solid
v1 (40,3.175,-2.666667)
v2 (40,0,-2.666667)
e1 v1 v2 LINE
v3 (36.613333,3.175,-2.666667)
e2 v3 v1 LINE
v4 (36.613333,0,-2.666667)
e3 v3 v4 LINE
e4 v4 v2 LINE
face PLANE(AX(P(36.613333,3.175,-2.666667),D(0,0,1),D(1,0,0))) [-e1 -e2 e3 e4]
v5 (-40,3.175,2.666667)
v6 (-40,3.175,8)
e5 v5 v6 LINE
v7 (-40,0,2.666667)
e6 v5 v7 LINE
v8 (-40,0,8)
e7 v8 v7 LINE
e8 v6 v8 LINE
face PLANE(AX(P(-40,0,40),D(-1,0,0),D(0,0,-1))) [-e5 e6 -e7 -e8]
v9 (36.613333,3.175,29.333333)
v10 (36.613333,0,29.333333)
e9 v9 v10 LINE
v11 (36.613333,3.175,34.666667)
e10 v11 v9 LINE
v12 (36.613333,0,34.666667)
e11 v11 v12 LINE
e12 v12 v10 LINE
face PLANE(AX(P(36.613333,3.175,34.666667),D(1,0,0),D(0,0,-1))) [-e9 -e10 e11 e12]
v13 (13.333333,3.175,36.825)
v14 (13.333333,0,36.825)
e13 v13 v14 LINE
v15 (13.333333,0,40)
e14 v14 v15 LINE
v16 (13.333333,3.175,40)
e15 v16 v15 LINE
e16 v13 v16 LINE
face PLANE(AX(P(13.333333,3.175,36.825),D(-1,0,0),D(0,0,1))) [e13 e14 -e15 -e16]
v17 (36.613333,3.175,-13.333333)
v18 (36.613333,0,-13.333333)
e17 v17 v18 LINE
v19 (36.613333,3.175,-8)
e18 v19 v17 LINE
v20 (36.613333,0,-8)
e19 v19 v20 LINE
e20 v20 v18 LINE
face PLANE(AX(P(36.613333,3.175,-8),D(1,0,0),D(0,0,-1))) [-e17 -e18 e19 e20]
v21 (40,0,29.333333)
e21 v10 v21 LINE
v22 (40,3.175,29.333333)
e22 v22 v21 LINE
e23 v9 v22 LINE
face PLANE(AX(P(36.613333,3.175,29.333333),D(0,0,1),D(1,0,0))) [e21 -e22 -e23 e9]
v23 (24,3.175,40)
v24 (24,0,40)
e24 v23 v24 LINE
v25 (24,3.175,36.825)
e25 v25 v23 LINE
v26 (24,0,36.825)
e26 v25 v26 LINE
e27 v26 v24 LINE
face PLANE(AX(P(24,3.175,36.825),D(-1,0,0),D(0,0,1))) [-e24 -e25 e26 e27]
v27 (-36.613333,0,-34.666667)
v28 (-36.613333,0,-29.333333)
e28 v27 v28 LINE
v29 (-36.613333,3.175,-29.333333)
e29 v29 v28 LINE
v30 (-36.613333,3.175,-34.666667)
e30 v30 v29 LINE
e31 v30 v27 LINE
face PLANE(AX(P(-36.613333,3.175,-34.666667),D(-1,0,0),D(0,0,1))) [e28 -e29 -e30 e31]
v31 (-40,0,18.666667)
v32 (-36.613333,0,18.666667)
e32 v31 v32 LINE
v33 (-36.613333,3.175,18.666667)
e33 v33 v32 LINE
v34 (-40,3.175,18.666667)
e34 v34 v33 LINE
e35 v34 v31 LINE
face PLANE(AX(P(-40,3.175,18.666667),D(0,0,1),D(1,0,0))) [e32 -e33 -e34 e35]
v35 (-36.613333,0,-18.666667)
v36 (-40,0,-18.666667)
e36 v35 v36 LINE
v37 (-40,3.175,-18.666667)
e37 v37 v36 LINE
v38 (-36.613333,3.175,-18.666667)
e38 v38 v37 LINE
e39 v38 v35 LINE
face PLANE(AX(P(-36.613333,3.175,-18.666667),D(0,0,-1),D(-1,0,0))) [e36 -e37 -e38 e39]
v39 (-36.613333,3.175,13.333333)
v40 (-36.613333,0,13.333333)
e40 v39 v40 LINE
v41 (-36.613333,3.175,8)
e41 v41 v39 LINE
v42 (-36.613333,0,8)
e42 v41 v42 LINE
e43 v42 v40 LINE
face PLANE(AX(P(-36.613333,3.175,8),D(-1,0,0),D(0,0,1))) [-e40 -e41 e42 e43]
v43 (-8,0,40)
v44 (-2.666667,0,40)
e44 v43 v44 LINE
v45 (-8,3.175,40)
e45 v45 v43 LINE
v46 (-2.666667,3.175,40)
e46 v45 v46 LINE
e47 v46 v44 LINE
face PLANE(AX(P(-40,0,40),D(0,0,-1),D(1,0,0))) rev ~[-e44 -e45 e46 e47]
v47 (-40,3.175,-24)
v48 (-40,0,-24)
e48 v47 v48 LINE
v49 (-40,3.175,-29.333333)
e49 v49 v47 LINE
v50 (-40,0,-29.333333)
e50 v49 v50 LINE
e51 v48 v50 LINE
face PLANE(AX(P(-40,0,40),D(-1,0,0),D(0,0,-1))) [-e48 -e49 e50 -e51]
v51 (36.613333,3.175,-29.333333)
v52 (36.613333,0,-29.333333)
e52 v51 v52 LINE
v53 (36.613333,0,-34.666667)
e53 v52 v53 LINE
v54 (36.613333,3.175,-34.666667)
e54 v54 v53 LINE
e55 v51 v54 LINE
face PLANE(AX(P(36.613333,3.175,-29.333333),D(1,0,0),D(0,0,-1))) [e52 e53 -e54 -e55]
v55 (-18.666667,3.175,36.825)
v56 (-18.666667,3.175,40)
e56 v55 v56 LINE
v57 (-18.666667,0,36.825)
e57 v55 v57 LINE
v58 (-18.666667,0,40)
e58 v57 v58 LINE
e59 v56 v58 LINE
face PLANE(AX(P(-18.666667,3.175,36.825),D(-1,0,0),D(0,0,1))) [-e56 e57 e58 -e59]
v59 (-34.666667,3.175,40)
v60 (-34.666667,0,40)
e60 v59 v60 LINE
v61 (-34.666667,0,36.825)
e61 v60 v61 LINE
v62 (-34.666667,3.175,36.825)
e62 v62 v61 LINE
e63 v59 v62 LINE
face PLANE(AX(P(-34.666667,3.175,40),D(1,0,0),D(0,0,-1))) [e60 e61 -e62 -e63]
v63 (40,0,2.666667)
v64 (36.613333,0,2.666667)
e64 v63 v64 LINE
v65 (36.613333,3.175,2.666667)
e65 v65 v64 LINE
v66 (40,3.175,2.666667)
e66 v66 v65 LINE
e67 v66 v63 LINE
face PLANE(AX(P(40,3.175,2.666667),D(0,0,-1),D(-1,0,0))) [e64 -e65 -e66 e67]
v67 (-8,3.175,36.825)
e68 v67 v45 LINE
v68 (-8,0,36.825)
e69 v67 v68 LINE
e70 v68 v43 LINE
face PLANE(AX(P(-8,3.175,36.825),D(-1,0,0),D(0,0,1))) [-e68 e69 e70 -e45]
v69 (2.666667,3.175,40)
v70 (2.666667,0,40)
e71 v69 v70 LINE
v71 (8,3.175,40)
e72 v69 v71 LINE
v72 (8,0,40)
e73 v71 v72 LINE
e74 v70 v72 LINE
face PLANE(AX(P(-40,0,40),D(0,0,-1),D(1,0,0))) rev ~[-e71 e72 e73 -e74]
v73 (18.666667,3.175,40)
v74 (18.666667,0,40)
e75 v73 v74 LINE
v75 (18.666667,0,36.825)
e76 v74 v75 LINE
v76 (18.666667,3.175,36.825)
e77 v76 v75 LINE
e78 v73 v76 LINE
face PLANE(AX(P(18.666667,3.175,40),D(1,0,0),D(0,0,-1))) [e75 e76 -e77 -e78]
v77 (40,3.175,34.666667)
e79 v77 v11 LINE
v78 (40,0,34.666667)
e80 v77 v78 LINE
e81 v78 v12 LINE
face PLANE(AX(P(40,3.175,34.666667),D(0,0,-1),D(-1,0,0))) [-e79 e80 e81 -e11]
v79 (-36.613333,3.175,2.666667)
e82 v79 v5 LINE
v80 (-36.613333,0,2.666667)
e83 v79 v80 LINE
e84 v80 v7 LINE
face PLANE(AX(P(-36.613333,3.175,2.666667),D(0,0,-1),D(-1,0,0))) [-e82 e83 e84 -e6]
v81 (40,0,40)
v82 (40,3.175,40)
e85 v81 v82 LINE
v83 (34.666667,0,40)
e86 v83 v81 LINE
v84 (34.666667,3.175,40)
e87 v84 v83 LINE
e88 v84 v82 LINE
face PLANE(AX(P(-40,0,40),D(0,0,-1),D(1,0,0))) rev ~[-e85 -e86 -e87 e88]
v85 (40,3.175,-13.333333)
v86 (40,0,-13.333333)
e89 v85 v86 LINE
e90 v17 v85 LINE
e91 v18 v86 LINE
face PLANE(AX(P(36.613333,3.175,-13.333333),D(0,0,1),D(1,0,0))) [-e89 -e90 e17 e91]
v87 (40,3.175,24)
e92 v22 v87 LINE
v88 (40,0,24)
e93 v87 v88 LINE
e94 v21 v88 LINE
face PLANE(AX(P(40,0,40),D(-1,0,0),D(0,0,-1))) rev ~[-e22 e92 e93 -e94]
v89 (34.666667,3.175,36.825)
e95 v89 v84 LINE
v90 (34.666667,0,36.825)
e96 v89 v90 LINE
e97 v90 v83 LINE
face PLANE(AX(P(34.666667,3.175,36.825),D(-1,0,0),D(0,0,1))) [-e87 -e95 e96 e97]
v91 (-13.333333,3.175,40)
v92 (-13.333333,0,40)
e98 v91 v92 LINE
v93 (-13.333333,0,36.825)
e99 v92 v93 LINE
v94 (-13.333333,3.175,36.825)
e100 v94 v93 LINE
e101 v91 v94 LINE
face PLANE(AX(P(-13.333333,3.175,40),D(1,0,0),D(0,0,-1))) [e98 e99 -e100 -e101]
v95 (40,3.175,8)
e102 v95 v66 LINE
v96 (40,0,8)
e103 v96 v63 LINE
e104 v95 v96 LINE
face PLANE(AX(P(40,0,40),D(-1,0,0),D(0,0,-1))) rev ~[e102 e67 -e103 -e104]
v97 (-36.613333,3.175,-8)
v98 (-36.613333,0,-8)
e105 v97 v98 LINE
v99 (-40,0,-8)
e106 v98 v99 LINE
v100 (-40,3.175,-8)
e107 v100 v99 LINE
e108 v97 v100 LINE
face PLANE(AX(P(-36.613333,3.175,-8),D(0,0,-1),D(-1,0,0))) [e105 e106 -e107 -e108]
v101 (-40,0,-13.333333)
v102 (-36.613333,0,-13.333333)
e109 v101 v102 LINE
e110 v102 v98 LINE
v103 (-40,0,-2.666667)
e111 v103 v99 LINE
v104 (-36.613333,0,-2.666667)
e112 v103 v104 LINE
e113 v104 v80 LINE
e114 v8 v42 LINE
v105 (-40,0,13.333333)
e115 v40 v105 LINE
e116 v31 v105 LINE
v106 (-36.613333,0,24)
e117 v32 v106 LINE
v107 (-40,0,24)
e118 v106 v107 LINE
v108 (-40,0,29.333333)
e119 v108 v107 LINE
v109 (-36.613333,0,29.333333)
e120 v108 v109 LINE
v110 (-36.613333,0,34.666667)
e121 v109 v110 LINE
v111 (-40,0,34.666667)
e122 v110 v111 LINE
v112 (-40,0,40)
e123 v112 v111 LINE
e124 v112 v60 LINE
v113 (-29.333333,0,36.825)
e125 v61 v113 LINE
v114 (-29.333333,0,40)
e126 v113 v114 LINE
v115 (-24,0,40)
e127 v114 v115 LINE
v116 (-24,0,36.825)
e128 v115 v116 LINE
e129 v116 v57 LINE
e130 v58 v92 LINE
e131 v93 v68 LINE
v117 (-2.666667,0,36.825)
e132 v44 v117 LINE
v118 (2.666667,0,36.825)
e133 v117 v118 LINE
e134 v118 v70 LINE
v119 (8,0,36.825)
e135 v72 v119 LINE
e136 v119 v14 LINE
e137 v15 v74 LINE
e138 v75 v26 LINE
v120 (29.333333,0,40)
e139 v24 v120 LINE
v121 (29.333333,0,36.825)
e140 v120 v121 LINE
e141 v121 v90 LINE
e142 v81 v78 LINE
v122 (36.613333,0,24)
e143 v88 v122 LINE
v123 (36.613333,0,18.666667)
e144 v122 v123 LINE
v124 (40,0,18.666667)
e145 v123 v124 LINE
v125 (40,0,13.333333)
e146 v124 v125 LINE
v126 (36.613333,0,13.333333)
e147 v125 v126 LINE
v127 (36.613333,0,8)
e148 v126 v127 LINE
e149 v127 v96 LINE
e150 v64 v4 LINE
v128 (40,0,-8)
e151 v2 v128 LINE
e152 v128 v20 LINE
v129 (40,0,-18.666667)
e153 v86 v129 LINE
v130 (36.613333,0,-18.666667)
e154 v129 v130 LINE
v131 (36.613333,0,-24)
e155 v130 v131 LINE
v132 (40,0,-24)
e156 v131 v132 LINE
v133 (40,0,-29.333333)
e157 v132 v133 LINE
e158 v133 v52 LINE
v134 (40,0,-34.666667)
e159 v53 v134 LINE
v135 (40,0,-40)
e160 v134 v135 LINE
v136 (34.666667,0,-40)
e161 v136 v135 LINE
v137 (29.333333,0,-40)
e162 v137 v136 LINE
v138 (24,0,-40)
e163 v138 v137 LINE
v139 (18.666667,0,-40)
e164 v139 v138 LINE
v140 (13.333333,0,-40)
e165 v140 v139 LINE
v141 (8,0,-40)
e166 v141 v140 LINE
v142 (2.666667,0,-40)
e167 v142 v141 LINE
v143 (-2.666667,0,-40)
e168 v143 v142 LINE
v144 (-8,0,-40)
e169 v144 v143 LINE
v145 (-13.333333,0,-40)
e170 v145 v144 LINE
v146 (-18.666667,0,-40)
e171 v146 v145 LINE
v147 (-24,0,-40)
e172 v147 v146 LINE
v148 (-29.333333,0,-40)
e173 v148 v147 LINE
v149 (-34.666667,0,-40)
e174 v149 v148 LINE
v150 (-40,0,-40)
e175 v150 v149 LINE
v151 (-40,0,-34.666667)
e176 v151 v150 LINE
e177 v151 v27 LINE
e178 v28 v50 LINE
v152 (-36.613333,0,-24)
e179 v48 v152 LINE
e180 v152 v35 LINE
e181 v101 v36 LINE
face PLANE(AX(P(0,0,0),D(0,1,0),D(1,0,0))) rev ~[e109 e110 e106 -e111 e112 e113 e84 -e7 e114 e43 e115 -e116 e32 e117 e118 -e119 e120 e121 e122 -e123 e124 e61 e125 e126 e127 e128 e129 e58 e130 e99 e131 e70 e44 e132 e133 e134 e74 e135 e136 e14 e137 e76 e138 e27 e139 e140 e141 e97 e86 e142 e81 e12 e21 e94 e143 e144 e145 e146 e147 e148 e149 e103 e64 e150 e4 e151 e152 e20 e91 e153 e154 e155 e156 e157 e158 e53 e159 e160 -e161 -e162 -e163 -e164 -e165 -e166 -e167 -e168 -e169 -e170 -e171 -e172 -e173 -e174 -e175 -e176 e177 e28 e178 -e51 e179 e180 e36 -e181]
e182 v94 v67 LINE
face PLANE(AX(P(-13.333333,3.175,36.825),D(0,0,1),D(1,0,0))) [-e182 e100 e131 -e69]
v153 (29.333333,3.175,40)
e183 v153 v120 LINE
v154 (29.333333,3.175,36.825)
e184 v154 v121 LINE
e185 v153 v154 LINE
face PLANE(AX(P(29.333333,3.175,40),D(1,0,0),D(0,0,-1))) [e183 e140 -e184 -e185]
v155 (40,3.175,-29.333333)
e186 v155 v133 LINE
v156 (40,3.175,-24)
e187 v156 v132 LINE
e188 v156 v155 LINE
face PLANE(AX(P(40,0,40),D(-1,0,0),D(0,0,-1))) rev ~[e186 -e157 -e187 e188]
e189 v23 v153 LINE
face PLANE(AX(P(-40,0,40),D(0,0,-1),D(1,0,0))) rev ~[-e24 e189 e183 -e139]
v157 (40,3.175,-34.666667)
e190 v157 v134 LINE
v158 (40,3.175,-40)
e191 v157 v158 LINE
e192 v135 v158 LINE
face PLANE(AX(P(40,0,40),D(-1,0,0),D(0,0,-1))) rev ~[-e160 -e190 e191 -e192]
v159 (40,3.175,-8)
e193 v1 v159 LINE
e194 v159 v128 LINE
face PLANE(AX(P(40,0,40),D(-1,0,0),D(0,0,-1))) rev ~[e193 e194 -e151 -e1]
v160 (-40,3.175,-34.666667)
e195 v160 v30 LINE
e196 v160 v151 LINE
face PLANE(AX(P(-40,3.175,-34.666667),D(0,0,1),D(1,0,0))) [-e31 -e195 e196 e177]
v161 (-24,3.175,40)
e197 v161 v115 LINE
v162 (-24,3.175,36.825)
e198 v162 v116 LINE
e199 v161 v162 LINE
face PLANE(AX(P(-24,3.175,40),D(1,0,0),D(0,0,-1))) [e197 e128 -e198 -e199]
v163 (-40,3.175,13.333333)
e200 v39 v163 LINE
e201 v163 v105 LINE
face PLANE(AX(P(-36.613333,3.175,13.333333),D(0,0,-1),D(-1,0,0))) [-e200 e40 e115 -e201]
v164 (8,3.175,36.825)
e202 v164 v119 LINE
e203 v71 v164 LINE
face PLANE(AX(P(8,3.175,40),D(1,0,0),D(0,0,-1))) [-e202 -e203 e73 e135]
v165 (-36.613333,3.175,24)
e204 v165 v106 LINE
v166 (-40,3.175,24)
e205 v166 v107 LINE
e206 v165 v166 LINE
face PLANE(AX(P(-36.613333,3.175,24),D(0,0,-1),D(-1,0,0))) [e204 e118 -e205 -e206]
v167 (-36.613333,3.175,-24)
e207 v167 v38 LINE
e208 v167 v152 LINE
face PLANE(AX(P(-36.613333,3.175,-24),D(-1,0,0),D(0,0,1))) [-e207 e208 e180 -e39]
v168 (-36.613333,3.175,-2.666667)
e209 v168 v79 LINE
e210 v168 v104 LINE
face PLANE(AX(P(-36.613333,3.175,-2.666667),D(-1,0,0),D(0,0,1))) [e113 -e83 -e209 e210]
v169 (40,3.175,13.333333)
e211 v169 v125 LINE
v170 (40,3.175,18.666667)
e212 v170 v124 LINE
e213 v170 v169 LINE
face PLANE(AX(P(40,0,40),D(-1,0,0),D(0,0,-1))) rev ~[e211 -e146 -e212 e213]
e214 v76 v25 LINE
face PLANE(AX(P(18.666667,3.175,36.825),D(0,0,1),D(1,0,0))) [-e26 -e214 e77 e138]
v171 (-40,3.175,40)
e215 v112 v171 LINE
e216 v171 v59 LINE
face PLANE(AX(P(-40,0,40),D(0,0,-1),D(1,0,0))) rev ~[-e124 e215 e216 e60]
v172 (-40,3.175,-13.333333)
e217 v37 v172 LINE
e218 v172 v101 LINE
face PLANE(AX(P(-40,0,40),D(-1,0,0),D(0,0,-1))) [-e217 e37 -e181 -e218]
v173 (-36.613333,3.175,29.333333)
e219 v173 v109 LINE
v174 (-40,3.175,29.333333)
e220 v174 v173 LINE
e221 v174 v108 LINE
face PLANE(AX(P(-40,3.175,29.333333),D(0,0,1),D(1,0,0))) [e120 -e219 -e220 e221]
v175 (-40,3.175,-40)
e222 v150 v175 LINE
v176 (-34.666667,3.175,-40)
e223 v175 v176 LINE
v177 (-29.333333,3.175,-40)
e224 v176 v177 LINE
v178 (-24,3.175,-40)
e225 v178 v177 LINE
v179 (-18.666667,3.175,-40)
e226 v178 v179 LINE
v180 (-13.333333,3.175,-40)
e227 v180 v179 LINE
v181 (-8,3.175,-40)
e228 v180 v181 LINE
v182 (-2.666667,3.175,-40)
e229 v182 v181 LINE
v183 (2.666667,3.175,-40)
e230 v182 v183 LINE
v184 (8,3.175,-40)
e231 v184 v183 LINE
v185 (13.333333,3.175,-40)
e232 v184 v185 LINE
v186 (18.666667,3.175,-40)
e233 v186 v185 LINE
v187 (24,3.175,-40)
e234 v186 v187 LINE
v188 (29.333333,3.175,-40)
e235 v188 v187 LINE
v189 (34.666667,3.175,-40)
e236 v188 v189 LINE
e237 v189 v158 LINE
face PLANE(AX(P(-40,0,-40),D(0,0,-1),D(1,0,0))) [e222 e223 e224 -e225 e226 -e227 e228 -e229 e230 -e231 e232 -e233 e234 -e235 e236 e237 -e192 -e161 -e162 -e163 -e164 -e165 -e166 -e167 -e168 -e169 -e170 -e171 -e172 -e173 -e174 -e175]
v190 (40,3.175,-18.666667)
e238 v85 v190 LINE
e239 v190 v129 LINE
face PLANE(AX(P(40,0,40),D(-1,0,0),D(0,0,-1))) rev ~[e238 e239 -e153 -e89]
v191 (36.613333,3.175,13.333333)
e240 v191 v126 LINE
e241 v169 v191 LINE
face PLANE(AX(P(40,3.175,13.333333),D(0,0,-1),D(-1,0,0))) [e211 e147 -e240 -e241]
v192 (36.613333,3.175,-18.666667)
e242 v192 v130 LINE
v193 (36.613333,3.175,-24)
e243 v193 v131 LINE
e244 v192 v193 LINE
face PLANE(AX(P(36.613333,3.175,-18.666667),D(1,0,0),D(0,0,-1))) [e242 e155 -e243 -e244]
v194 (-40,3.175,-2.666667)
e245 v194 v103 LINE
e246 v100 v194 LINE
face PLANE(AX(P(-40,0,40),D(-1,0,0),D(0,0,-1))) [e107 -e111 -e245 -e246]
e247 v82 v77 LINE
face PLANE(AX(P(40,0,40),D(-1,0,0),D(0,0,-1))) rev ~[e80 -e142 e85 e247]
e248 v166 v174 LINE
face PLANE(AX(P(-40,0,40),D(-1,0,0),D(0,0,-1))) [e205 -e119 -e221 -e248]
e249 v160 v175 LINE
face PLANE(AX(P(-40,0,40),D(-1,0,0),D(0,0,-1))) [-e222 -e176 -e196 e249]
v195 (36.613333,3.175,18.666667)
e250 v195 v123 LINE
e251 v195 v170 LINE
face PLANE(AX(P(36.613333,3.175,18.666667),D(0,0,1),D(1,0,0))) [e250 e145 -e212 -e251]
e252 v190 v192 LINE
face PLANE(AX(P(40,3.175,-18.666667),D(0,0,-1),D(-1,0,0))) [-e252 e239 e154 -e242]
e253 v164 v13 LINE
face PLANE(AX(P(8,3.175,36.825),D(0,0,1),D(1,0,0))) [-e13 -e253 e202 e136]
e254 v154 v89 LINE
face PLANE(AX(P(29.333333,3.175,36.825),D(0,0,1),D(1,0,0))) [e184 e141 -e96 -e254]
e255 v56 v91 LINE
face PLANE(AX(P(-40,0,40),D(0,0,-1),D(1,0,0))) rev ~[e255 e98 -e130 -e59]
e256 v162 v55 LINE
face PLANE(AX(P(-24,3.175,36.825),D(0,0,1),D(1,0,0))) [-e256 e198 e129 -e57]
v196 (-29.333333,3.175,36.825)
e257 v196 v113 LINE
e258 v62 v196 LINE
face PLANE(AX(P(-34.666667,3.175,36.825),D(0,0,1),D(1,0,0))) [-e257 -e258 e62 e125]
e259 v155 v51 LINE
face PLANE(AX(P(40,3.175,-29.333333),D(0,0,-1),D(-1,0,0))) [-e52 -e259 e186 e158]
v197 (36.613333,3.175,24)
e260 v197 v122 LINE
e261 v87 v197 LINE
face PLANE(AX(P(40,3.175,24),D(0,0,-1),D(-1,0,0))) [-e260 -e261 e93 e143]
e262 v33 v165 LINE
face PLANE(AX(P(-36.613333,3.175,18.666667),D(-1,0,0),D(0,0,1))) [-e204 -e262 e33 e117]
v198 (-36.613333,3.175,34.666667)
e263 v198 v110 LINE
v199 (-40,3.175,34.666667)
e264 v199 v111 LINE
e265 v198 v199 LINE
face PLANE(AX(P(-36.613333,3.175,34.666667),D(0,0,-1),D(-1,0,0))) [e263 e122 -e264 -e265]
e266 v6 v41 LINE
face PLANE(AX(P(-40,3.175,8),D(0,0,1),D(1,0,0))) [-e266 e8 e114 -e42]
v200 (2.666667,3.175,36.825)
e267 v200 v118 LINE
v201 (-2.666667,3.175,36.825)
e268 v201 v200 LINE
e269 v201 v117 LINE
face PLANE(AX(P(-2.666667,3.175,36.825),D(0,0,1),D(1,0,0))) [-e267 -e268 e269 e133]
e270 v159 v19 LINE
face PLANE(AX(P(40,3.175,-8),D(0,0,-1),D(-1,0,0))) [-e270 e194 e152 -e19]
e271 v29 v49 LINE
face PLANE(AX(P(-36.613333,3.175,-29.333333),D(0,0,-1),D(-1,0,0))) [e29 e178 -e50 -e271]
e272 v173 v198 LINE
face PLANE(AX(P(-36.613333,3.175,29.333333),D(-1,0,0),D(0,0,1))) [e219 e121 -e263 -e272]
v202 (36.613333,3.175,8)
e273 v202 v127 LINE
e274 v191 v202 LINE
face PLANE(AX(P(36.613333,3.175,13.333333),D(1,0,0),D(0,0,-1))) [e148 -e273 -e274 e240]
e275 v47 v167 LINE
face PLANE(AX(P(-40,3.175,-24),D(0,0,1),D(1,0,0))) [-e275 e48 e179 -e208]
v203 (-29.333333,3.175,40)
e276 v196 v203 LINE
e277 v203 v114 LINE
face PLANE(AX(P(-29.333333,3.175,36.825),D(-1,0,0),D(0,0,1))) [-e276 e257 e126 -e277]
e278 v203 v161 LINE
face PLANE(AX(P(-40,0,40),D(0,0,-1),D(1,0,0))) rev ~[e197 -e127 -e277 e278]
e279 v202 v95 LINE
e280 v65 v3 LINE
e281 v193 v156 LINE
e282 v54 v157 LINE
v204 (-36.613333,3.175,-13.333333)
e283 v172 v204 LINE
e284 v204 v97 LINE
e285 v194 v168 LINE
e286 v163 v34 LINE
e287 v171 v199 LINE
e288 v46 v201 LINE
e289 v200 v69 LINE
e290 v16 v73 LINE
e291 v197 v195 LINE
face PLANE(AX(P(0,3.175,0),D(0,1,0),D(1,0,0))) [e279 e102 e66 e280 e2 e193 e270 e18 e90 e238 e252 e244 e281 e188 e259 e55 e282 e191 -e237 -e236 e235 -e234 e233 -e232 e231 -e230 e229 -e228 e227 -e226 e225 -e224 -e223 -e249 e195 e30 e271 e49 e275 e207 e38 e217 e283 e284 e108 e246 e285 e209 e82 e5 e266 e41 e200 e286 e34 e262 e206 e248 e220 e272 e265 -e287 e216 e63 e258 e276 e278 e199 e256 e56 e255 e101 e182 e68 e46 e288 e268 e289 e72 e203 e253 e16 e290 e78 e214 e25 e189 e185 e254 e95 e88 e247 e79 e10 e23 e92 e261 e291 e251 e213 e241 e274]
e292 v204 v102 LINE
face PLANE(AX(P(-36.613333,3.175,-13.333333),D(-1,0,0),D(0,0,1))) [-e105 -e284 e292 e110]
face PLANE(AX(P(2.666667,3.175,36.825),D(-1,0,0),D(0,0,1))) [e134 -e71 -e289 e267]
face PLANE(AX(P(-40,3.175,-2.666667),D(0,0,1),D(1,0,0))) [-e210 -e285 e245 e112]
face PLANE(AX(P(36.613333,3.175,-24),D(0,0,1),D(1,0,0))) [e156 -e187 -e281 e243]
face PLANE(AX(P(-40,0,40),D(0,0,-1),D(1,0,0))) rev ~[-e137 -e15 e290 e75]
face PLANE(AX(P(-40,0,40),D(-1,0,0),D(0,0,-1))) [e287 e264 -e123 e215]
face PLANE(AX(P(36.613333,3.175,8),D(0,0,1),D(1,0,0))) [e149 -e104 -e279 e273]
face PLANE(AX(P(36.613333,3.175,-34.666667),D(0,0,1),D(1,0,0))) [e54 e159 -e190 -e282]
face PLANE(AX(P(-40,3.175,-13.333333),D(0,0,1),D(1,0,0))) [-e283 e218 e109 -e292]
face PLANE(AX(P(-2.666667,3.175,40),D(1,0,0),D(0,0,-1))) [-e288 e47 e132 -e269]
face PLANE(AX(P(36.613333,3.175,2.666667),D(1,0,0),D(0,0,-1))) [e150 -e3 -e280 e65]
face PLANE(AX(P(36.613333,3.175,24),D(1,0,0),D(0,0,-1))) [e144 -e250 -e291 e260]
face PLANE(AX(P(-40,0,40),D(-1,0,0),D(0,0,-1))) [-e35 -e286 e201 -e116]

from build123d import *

# Parameters (mm, degrees)
SKETCH1_W           = 80
SKETCH1_H           = 80
BOSS_EXTRUDE1_DEPTH = 3.175
SKETCH3_OUTSIDE_W   = 104.636
SKETCH3_OUTSIDE_H   = 104.636
CUT_EXTRUDE1_DEPTH  = 57.657573413
SKETCH8_W           = 80
SKETCH8_H           = 5.333333333
BOSS_EXTRUDE2_DEPTH = 3.175


with BuildPart() as part:
    # Sketch1 → Boss-Extrude1 (new body)
    with BuildSketch(Plane(origin=(0, 0, 0), x_dir=(1, 0, 0), z_dir=(0, 1, 0))):
        Rectangle(SKETCH1_W, SKETCH1_H)
    extrude(amount=BOSS_EXTRUDE1_DEPTH)

    # Sketch3 outside → Cut-Extrude1 (cut, through all)
    with BuildSketch(Plane(origin=(0, 3.175, 0), x_dir=(1, 0, 0), z_dir=(0, 1, 0))):
        Rectangle(SKETCH3_OUTSIDE_W, SKETCH3_OUTSIDE_H)
        Polygon((-40, -40), (-34.666666667, -40), (-34.666666667, -36.825), (-29.333333333, -36.825), (-29.333333333, -40), (-24, -40), (-24, -36.825), (-18.666666667, -36.825), (-18.666666667, -40), (-13.333333333, -40), (-13.333333333, -36.825), (-8, -36.825), (-8, -40), (-2.666666667, -40), (-2.666666667, -36.825), (2.666666667, -36.825), (2.666666667, -40), (8, -40), (8, -36.825), (13.333333333, -36.825), (13.333333333, -40), (18.666666667, -40), (18.666666667, -36.825), (24, -36.825), (24, -40), (29.333333333, -40), (29.333333333, -36.825), (34.666666667, -36.825), (34.666666667, -40), (40, -40), (40, -34.666666667), (36.613333333, -34.666666667), (36.613333333, -29.333333333), (40, -29.333333333), (40, -24), (36.613333333, -24), (36.613333333, -18.666666667), (40, -18.666666667), (40, -13.333333333), (36.613333333, -13.333333333), (36.613333333, -8), (40, -8), (40, -2.666666667), (36.613333333, -2.666666667), (36.613333333, 2.666666667), (40, 2.666666667), (40, 8), (36.613333333, 8), (36.613333333, 13.333333333), (40, 13.333333333), (40, 18.666666667), (36.613333333, 18.666666667), (36.613333333, 24), (40, 24), (40, 29.333333333), (36.613333333, 29.333333333), (36.613333333, 34.666666667), (40, 34.666666667), (40, 40), (34.666666667, 40), (34.666666667, 36.825), (29.333333333, 36.825), (29.333333333, 40), (24, 40), (24, 36.825), (18.666666667, 36.825), (18.666666667, 40), (13.333333333, 40), (13.333333333, 36.825), (8, 36.825), (8, 40), (2.666666667, 40), (2.666666667, 36.825), (-2.666666667, 36.825), (-2.666666667, 40), (-8, 40), (-8, 36.825), (-13.333333333, 36.825), (-13.333333333, 40), (-18.666666667, 40), (-18.666666667, 36.825), (-24, 36.825), (-24, 40), (-29.333333333, 40), (-29.333333333, 36.825), (-34.666666667, 36.825), (-34.666666667, 40), (-40, 40), (-40, 34.666666667), (-36.613333333, 34.666666667), (-36.613333333, 29.333333333), (-40, 29.333333333), (-40, 24), (-36.613333333, 24), (-36.613333333, 18.666666667), (-40, 18.666666667), (-40, 13.333333333), (-36.613333333, 13.333333333), (-36.613333333, 8), (-40, 8), (-40, 2.666666667), (-36.613333333, 2.666666667), (-36.613333333, -2.666666667), (-40, -2.666666667), (-40, -8), (-36.613333333, -8), (-36.613333333, -13.333333333), (-40, -13.333333333), (-40, -18.666666667), (-36.613333333, -18.666666667), (-36.613333333, -24), (-40, -24), (-40, -29.333333333), (-36.613333333, -29.333333333), (-36.613333333, -34.666666667), (-40, -34.666666667), align=None, mode=Mode.SUBTRACT)
    extrude(amount=-CUT_EXTRUDE1_DEPTH, mode=Mode.SUBTRACT)

    # Sketch8 → Boss-Extrude2 (add)
    with BuildSketch(Plane(origin=(0, 3.175, 0), x_dir=(1, 0, 0), z_dir=(0, 1, 0))):
        with Locations((0, 37.333333334)):
            Rectangle(SKETCH8_W, SKETCH8_H)
    extrude(amount=-BOSS_EXTRUDE2_DEPTH)


solid = part.part
